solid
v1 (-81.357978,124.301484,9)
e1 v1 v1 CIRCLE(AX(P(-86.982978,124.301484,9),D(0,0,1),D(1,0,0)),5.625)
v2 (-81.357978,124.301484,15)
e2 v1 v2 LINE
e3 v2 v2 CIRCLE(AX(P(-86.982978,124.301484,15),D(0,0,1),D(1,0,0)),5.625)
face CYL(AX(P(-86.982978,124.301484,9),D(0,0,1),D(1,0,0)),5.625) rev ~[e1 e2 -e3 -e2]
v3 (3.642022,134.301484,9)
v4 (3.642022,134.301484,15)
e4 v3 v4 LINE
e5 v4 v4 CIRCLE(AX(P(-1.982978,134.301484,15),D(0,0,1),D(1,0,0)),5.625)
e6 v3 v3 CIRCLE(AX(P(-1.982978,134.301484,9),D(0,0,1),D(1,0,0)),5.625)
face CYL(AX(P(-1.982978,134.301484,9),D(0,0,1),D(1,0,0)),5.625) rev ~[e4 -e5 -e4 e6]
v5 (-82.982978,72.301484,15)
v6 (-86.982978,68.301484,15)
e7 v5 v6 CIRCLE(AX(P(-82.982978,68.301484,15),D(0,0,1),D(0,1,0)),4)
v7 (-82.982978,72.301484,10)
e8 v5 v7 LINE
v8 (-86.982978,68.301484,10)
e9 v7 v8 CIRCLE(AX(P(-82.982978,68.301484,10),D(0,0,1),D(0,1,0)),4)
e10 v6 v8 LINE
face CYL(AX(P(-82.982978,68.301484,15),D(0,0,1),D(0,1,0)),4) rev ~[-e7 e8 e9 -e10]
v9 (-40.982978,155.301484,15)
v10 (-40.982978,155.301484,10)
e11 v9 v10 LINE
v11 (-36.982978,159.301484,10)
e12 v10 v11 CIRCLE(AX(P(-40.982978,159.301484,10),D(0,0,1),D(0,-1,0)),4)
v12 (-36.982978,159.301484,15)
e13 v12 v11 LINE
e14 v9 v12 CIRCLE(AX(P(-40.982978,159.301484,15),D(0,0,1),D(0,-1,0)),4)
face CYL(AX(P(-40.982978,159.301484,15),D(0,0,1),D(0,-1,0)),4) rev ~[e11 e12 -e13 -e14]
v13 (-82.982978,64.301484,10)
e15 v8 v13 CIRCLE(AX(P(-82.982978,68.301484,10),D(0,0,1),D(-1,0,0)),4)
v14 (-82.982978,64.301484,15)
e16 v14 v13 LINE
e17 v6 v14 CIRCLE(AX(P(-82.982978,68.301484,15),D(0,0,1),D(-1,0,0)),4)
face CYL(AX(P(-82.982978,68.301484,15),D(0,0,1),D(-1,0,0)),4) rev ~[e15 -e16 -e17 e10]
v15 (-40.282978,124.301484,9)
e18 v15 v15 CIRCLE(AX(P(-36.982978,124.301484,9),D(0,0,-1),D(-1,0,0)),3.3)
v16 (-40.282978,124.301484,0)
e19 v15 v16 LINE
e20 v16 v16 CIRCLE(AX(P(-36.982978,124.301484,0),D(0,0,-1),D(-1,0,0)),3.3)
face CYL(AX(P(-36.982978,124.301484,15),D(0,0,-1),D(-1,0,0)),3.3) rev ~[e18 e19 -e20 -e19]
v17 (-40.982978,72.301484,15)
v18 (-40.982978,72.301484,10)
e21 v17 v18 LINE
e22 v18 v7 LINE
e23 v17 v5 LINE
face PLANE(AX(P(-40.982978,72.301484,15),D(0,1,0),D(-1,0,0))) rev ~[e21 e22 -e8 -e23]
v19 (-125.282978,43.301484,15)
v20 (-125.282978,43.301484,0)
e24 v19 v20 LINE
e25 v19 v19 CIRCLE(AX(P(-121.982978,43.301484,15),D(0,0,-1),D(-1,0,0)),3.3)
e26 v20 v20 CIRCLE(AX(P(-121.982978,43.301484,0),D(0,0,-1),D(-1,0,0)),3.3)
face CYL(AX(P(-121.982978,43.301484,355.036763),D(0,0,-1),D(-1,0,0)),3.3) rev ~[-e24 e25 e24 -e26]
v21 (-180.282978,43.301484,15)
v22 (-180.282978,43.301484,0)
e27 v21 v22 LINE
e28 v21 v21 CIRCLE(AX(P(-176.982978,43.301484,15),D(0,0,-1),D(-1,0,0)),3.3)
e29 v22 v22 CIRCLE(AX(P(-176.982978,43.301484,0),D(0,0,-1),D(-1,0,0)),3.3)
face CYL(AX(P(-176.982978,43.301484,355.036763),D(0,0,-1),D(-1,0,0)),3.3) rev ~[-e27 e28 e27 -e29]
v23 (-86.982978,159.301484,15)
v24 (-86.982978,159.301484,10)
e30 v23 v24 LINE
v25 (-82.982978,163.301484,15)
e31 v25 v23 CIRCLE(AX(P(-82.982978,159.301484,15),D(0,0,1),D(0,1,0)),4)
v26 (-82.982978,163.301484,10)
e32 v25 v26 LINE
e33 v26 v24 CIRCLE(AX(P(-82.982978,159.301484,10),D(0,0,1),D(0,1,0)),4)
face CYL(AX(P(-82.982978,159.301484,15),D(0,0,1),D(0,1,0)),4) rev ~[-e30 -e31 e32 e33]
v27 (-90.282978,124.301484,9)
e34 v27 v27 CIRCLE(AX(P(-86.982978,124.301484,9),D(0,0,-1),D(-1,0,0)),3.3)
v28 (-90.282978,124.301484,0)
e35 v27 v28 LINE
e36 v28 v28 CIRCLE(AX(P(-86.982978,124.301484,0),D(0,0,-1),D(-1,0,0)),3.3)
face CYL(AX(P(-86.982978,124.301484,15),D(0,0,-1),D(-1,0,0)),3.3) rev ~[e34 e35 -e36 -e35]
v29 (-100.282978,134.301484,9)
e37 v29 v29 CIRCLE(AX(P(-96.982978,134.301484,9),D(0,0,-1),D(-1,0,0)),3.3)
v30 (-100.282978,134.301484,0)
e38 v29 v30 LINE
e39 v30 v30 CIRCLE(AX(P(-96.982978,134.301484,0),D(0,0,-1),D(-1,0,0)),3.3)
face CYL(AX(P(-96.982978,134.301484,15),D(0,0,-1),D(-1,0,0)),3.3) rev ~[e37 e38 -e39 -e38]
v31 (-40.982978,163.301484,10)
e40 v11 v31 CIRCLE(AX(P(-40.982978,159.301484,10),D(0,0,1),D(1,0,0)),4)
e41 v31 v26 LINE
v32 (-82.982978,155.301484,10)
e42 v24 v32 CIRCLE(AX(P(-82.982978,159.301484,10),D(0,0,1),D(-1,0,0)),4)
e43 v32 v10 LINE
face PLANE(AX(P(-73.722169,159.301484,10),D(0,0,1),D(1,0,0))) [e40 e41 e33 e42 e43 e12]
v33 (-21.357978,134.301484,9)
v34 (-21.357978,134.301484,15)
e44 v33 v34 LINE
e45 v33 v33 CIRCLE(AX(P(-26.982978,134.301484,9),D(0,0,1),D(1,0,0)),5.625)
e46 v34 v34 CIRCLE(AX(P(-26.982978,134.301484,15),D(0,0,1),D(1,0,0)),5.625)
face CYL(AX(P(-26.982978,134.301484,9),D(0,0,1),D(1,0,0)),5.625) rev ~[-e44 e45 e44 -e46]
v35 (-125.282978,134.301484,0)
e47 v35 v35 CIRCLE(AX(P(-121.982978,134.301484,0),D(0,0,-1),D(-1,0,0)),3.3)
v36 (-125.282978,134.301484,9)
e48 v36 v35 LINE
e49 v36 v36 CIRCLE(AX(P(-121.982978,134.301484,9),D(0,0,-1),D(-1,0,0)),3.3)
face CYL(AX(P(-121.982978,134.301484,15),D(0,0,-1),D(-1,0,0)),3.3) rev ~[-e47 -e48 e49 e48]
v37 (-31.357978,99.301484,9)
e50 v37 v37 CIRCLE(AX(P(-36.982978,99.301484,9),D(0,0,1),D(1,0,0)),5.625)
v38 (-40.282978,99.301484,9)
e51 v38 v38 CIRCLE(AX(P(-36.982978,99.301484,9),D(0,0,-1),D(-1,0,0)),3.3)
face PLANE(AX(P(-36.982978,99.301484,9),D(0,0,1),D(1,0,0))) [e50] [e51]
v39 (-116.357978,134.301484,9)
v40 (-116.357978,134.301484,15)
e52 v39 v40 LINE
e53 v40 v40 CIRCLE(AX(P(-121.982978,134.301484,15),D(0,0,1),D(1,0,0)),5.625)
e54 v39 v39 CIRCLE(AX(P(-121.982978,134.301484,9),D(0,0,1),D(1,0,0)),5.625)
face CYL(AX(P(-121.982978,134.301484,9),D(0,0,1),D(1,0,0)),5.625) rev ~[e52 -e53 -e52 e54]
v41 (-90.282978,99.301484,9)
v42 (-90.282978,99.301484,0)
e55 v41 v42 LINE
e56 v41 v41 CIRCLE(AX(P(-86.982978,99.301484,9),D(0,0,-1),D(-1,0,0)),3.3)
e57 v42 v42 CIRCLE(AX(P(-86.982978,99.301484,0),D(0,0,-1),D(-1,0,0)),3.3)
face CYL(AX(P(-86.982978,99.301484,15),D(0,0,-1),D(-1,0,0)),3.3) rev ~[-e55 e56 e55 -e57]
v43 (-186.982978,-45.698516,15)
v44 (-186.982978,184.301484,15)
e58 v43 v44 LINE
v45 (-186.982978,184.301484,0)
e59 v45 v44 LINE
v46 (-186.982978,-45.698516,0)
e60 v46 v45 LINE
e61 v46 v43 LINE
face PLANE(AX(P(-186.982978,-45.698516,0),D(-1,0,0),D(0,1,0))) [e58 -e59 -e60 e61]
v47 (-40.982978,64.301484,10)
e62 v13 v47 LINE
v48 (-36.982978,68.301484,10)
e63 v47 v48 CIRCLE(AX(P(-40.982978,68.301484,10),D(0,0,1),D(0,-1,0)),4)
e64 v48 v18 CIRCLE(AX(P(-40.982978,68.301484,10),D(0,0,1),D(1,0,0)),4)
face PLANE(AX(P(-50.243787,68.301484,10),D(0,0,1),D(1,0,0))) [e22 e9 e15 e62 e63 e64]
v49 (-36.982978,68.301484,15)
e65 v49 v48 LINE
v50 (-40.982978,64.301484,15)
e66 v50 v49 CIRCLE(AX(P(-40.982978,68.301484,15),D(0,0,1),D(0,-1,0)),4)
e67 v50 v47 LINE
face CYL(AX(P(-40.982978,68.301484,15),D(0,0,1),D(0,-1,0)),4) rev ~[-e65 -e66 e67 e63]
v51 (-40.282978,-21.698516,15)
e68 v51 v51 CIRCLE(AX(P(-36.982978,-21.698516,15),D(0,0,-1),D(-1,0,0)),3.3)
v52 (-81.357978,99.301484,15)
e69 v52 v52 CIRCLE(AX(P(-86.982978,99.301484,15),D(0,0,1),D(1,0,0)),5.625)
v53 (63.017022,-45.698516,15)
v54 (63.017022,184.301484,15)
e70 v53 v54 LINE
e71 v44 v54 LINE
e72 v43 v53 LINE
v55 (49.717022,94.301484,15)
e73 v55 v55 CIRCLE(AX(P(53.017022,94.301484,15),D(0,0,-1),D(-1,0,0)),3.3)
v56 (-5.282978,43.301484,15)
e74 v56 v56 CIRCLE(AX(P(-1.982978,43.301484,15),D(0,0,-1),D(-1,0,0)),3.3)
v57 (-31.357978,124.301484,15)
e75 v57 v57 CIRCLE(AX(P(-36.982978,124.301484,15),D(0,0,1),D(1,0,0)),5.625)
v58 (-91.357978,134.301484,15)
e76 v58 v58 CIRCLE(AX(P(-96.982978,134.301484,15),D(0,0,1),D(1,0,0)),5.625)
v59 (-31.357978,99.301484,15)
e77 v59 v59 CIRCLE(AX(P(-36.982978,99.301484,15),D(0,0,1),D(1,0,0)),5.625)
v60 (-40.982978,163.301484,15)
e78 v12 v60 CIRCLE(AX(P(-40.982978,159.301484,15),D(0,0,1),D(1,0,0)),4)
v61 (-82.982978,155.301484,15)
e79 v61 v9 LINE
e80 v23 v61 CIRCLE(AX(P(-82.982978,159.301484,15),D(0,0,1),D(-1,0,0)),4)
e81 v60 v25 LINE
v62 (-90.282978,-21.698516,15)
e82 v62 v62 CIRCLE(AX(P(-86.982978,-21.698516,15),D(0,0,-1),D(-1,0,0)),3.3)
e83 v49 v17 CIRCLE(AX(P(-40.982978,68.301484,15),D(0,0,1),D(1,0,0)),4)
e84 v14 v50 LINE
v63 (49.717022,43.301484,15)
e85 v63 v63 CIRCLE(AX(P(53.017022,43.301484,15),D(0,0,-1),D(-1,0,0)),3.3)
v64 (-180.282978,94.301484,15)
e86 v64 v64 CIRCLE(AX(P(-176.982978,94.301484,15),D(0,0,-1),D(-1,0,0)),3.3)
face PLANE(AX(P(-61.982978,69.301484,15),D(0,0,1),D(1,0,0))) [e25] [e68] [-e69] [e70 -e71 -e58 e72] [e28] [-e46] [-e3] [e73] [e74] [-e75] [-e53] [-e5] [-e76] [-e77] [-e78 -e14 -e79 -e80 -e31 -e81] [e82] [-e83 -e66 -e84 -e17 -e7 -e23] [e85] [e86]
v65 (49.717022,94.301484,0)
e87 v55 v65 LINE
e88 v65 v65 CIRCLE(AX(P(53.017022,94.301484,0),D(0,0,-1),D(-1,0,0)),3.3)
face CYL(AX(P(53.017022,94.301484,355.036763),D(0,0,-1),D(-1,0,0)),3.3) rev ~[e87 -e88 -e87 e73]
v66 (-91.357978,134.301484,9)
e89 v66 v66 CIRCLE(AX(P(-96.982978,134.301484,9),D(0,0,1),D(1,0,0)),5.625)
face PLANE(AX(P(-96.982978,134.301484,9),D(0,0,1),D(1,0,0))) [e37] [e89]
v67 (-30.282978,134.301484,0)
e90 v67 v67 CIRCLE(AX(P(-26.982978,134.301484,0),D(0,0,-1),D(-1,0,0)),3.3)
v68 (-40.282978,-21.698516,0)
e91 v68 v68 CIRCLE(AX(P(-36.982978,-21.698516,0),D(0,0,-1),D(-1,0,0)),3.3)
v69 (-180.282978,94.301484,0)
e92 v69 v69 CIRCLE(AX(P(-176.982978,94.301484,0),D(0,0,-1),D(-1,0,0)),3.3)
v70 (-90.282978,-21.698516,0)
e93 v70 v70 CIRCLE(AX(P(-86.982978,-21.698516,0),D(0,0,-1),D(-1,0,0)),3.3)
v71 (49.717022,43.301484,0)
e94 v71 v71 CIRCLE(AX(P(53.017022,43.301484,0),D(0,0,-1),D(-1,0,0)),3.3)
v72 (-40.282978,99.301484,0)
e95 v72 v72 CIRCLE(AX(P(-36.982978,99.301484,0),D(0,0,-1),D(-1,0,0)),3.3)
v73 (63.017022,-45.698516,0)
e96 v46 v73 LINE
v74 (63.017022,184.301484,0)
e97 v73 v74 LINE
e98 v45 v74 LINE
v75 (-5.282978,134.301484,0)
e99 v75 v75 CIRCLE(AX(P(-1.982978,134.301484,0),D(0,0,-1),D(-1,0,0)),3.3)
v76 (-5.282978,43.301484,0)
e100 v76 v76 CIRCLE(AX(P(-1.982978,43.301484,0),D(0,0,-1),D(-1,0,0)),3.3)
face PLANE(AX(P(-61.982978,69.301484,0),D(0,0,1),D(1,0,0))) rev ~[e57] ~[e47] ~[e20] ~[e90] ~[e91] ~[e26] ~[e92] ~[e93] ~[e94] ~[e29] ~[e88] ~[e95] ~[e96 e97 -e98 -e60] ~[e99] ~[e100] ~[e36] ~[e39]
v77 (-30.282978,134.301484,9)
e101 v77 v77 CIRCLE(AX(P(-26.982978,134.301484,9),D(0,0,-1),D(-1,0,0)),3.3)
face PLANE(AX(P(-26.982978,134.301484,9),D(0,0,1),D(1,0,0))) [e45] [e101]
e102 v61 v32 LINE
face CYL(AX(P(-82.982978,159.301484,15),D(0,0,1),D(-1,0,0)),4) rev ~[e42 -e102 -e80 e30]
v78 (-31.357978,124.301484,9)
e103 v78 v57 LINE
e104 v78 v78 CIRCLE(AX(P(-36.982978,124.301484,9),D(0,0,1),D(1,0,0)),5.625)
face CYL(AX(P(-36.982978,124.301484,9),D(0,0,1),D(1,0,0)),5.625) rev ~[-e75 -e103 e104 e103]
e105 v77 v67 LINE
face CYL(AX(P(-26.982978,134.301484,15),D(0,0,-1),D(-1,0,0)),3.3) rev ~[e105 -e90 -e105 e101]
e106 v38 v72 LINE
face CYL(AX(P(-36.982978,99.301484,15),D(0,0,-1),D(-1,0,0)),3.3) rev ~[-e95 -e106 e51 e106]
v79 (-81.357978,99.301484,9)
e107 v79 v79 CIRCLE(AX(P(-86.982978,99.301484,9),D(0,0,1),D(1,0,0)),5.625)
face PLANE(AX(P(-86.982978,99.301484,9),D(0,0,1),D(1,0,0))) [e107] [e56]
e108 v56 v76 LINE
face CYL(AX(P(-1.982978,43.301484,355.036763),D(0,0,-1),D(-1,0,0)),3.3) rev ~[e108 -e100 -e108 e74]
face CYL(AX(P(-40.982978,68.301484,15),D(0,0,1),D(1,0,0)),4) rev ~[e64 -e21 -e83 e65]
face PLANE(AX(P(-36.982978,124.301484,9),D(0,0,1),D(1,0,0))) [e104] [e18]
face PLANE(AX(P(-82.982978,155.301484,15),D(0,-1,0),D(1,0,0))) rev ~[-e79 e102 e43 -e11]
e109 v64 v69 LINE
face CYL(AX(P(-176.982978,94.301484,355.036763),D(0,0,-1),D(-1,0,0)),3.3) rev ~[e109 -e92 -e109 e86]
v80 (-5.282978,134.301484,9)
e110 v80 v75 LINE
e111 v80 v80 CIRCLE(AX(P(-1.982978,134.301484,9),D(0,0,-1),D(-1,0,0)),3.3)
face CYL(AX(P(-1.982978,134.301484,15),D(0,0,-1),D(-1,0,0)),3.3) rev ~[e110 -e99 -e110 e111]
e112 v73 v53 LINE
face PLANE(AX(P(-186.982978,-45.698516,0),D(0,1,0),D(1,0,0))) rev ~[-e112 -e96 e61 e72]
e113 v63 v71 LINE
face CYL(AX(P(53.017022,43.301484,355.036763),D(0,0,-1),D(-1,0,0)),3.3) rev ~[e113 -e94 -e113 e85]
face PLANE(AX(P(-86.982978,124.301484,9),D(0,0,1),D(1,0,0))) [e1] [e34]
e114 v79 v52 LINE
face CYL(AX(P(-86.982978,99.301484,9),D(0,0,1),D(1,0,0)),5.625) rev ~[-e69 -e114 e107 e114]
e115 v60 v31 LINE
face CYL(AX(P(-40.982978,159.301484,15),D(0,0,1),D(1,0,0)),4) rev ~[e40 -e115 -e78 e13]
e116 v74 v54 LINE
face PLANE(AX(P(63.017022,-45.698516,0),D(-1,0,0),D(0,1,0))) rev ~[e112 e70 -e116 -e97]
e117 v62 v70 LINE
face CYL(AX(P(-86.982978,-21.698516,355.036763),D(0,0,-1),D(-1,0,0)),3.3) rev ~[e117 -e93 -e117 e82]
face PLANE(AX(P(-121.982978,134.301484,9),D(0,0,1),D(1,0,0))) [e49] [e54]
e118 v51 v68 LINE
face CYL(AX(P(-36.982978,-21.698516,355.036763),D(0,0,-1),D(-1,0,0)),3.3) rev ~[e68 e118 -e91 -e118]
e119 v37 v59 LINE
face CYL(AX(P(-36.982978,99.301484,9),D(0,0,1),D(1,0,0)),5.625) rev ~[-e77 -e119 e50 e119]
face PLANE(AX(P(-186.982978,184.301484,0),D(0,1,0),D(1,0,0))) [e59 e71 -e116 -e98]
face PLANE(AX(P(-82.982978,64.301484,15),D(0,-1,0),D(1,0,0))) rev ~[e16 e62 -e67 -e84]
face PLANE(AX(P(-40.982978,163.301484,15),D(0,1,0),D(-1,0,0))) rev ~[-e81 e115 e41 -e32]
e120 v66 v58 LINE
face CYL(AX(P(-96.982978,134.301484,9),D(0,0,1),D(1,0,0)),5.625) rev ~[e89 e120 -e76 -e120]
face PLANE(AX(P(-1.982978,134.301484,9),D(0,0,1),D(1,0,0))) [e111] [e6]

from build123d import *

# Parameters (mm, degrees)
F0_W           = 250
F0_H           = 230
F1_DEPTH       = 15
F3_D           = 6.6
F3_CBORE_D     = 11.25
F3_CBORE_DEPTH = 6
F4_DEPTH       = 5
F5_D           = 6.6
F6_DEPTH       = 5


with BuildPart() as f1:
    # F0 (on Top) → F1 (new body)
    with BuildSketch(Plane.XY):
        with Locations((-61.9829781353, 69.301483577)):
            Rectangle(F0_W, F0_H)
    extrude(amount=F1_DEPTH)

    # F3 (through all)
    with Locations(Plane.XY.offset(15)):
        with Locations((-121.9829781353, 134.301483577), (-96.9829781353, 134.301483577), (-86.9829781353, 124.301483577), (-86.9829781353, 99.301483577), (-36.9829781353, 99.301483577), (-36.9829781353, 124.301483577), (-26.9829781353, 134.301483577), (-1.9829781353, 134.301483577)):
            CounterBoreHole(F3_D / 2, F3_CBORE_D / 2, F3_CBORE_DEPTH)

    # F2 (on face) → F4 (cut)
    with BuildSketch(Plane.XY.offset(15)):
        with BuildLine():
            Line((-40.9829781353, 72.301483577), (-61.9829781353, 72.301483577))
            Line((-61.9829781353, 72.301483577), (-61.9829781353, 64.301483577))
            Line((-61.9829781353, 64.301483577), (-40.9829781353, 64.301483577))
            ThreePointArc((-40.9829781353, 64.301483577), (-38.1545510106, 65.4730564522), (-36.9829781353, 68.301483577))
            ThreePointArc((-36.9829781353, 68.301483577), (-38.1545510106, 71.1299107017), (-40.9829781353, 72.301483577))
        make_face()
        with BuildLine():
            Line((-61.9829781353, 64.301483577), (-61.9829781353, 72.301483577))
            Line((-61.9829781353, 72.301483577), (-82.9829781353, 72.301483577))
            ThreePointArc((-82.9829781353, 72.301483577), (-85.8114052601, 71.1299107017), (-86.9829781353, 68.301483577))
            ThreePointArc((-86.9829781353, 68.301483577), (-85.8114052601, 65.4730564522), (-82.9829781353, 64.301483577))
            Line((-82.9829781353, 64.301483577), (-61.9829781353, 64.301483577))
        make_face()
    extrude(amount=-F4_DEPTH, mode=Mode.SUBTRACT)

    # F5 (through all)
    with Locations(Plane.XY.offset(15)):
        with Locations((53.0170218647, 43.301483577), (-1.9829781353, 43.301483577), (53.0170218647, 94.301483577), (-36.9829781353, -21.698516423), (-86.9829781353, -21.698516423), (-121.9829781353, 43.301483577), (-176.9829781353, 43.301483577), (-176.9829781353, 94.301483577)):
            Hole(F5_D / 2)

    # F2 (on face) → F6 (cut)
    with BuildSketch(Plane.XY.offset(15)):
        with BuildLine():
            Line((-61.9829781353, 155.301483577), (-61.9829781353, 163.301483577))
            Line((-61.9829781353, 163.301483577), (-82.9829781353, 163.301483577))
            ThreePointArc((-82.9829781353, 163.301483577), (-85.8114052601, 162.1299107017), (-86.9829781353, 159.301483577))
            ThreePointArc((-86.9829781353, 159.301483577), (-85.8114052601, 156.4730564522), (-82.9829781353, 155.301483577))
            Line((-82.9829781353, 155.301483577), (-61.9829781353, 155.301483577))
        make_face()
        with BuildLine():
            Line((-40.9829781353, 163.301483577), (-61.9829781353, 163.301483577))
            Line((-61.9829781353, 163.301483577), (-61.9829781353, 155.301483577))
            Line((-61.9829781353, 155.301483577), (-40.9829781353, 155.301483577))
            ThreePointArc((-40.9829781353, 155.301483577), (-38.1545510106, 156.4730564522), (-36.9829781353, 159.301483577))
            ThreePointArc((-36.9829781353, 159.301483577), (-38.1545510106, 162.1299107017), (-40.9829781353, 163.301483577))
        make_face()
    extrude(amount=-F6_DEPTH, mode=Mode.SUBTRACT)


solid = f1.part
